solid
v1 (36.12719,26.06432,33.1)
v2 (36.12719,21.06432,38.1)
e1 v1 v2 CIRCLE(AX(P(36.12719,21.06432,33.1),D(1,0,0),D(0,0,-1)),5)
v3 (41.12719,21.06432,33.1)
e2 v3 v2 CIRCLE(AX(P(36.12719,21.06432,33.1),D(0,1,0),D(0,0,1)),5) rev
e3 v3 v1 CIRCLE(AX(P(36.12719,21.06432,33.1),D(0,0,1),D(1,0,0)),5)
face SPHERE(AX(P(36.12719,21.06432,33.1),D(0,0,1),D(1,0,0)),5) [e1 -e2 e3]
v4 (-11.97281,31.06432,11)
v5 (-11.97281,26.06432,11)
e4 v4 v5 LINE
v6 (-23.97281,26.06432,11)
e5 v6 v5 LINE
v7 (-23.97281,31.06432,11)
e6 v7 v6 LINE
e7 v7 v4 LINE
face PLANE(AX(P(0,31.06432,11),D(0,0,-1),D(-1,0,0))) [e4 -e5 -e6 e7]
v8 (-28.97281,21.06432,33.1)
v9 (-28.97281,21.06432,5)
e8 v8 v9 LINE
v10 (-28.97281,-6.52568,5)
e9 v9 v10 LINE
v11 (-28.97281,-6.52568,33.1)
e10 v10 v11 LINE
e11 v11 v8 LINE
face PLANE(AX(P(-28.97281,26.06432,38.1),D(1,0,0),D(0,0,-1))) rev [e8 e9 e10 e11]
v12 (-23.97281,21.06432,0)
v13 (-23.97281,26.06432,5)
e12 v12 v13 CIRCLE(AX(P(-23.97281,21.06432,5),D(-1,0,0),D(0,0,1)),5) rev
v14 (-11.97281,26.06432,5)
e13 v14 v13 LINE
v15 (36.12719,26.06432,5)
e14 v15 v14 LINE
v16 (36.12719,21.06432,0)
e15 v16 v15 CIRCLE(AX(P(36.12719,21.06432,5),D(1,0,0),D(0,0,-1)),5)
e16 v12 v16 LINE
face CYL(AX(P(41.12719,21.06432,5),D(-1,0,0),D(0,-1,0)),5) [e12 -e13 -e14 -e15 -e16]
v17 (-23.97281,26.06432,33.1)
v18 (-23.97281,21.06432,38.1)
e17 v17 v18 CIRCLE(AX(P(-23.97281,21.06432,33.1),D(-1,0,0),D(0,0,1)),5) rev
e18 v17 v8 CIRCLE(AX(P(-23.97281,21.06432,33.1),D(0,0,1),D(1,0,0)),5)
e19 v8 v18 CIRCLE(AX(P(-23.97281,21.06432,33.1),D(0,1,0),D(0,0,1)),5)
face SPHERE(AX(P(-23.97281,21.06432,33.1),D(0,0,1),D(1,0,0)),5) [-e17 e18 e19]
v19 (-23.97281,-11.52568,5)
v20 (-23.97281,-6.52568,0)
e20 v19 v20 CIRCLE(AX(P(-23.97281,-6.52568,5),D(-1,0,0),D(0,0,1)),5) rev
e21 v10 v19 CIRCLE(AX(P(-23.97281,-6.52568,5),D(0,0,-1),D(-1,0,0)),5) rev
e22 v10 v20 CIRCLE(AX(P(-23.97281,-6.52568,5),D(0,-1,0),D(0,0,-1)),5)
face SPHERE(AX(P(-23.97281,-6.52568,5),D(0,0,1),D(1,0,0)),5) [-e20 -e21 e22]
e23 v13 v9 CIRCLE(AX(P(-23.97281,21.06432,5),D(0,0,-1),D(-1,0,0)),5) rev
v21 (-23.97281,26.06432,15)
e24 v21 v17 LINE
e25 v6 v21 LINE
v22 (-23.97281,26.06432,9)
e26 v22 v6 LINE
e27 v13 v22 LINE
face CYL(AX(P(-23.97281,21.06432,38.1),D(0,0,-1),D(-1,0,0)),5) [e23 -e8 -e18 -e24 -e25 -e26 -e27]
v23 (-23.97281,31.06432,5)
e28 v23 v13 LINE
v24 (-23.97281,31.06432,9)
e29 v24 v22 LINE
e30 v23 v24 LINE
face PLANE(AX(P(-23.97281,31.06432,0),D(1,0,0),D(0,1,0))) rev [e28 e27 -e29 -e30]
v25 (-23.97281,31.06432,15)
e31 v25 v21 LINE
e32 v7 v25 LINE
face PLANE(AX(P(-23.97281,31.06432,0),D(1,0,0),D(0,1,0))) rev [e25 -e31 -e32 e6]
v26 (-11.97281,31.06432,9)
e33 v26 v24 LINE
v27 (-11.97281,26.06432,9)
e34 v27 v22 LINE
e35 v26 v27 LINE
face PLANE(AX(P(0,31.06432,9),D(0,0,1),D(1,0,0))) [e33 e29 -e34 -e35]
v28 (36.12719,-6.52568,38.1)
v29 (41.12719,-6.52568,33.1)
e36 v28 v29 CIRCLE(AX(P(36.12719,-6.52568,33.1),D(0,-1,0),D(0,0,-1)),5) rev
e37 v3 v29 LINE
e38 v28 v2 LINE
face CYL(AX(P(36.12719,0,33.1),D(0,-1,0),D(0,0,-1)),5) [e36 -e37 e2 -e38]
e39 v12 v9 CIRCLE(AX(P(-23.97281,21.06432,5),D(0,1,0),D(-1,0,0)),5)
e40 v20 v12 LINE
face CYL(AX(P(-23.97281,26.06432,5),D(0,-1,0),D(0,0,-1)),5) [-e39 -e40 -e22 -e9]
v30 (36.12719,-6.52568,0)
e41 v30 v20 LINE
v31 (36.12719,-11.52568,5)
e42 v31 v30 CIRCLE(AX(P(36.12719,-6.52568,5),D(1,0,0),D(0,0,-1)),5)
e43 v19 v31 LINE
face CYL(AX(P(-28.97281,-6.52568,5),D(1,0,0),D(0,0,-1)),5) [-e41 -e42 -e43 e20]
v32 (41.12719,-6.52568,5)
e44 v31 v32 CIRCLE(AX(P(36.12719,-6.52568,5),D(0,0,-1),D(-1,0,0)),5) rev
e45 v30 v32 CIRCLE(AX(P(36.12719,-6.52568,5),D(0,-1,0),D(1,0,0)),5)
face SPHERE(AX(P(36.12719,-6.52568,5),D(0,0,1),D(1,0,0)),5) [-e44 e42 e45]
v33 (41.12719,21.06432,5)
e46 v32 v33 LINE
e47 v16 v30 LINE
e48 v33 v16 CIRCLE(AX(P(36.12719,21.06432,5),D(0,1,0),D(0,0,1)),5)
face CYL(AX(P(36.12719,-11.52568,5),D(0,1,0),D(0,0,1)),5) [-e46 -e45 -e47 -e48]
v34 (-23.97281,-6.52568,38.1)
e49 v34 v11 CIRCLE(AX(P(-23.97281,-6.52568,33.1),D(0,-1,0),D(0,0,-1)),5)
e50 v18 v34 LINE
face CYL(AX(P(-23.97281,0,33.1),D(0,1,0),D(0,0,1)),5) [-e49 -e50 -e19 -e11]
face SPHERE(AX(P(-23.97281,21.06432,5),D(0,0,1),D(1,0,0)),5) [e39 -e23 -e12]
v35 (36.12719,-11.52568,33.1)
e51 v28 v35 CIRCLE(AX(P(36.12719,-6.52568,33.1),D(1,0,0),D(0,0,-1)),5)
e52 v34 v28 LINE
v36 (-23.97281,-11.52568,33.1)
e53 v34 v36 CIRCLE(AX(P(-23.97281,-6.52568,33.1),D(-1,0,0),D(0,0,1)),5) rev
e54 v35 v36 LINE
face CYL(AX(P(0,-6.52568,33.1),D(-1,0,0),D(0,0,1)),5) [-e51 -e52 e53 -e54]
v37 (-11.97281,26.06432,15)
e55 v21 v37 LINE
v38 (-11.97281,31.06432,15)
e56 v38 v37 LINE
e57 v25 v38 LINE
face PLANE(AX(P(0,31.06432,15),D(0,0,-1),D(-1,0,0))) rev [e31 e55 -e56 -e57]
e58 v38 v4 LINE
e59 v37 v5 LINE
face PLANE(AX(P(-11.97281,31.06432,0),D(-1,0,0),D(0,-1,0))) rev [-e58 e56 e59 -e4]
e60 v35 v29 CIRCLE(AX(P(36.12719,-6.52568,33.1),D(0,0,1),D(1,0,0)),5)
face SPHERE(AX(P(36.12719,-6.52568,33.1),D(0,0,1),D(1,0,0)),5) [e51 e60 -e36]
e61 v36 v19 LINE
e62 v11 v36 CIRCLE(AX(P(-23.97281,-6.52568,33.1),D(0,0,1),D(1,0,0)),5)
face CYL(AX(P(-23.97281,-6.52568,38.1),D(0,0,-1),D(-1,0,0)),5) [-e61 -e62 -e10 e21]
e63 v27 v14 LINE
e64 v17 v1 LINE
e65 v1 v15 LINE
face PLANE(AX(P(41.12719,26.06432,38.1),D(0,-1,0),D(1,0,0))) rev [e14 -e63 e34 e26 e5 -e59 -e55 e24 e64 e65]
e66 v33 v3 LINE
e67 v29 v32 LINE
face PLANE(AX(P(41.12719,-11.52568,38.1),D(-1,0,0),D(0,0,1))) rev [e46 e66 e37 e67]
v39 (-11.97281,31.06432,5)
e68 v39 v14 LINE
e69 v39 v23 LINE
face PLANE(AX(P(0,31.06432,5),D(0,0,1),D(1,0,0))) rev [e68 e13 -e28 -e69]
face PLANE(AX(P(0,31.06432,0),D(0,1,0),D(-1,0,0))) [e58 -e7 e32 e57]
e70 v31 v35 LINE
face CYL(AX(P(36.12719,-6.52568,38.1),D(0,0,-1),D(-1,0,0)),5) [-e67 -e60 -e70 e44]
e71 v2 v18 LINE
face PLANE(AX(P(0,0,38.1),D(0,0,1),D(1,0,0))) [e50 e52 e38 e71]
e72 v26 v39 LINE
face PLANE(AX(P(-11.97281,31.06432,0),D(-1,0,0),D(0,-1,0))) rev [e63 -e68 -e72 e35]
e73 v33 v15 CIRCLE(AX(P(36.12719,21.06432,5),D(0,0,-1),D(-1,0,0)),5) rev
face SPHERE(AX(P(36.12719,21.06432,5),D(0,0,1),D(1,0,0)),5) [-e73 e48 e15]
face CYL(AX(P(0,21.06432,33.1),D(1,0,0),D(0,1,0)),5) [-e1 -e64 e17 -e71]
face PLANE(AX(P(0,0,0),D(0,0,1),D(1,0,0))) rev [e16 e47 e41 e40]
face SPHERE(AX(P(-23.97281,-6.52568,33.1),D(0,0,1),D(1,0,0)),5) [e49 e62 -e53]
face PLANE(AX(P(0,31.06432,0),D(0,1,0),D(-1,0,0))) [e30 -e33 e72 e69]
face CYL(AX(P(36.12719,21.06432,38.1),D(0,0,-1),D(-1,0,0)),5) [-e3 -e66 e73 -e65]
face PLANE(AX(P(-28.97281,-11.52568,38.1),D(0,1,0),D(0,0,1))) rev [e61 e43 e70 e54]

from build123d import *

# Parameters (mm, degrees)
SKETCH1_W           = 70.1
SKETCH1_H           = 37.59
BOSS_EXTRUDE1_DEPTH = 38.1
FILLET1_R           = 5
SKETCH2_W           = 12
SKETCH2_H           = 4
BOSS_EXTRUDE2_DEPTH = 5


with BuildPart() as part:
    # Sketch1 → Boss-Extrude1 (new body)
    with BuildSketch(Plane.XY):
        with Locations((6.077190332, 7.269320242)):
            Rectangle(SKETCH1_W, SKETCH1_H)
    extrude(amount=BOSS_EXTRUDE1_DEPTH)

    # Fillet1
    fillet1_edges = [part.edges().sort_by_distance(p)[0] for p in [
        (6.077190332, -11.525679758, 38.1),
        (41.127190332, 7.269320242, 38.1),
        (6.077190332, 26.064320242, 38.1),
        (41.127190332, 7.269320242, 0),
        (6.077190332, -11.525679758, 0),
        (-28.972809668, 7.269320242, 0),
        (6.077190332, 26.064320242, 0),
        (-28.972809668, 7.269320242, 38.1),
        (41.127190332, 26.064320242, 19.05),
        (41.127190332, -11.525679758, 19.05),
        (-28.972809668, -11.525679758, 19.05),
        (-28.972809668, 26.064320242, 19.05),
    ]]
    fillet(fillet1_edges, radius=FILLET1_R)

    # Sketch2 → Boss-Extrude2 (add)
    with BuildSketch(Plane(origin=(0, 26.064320242, 0), x_dir=(1, 0, 0), z_dir=(0, 1, 0))):
        with Locations((-17.972809668, -13)):
            Rectangle(SKETCH2_W, SKETCH2_H)
        with Locations((-17.972809668, -7)):
            Rectangle(SKETCH2_W, SKETCH2_H)
    extrude(amount=BOSS_EXTRUDE2_DEPTH)


solid = part.part
